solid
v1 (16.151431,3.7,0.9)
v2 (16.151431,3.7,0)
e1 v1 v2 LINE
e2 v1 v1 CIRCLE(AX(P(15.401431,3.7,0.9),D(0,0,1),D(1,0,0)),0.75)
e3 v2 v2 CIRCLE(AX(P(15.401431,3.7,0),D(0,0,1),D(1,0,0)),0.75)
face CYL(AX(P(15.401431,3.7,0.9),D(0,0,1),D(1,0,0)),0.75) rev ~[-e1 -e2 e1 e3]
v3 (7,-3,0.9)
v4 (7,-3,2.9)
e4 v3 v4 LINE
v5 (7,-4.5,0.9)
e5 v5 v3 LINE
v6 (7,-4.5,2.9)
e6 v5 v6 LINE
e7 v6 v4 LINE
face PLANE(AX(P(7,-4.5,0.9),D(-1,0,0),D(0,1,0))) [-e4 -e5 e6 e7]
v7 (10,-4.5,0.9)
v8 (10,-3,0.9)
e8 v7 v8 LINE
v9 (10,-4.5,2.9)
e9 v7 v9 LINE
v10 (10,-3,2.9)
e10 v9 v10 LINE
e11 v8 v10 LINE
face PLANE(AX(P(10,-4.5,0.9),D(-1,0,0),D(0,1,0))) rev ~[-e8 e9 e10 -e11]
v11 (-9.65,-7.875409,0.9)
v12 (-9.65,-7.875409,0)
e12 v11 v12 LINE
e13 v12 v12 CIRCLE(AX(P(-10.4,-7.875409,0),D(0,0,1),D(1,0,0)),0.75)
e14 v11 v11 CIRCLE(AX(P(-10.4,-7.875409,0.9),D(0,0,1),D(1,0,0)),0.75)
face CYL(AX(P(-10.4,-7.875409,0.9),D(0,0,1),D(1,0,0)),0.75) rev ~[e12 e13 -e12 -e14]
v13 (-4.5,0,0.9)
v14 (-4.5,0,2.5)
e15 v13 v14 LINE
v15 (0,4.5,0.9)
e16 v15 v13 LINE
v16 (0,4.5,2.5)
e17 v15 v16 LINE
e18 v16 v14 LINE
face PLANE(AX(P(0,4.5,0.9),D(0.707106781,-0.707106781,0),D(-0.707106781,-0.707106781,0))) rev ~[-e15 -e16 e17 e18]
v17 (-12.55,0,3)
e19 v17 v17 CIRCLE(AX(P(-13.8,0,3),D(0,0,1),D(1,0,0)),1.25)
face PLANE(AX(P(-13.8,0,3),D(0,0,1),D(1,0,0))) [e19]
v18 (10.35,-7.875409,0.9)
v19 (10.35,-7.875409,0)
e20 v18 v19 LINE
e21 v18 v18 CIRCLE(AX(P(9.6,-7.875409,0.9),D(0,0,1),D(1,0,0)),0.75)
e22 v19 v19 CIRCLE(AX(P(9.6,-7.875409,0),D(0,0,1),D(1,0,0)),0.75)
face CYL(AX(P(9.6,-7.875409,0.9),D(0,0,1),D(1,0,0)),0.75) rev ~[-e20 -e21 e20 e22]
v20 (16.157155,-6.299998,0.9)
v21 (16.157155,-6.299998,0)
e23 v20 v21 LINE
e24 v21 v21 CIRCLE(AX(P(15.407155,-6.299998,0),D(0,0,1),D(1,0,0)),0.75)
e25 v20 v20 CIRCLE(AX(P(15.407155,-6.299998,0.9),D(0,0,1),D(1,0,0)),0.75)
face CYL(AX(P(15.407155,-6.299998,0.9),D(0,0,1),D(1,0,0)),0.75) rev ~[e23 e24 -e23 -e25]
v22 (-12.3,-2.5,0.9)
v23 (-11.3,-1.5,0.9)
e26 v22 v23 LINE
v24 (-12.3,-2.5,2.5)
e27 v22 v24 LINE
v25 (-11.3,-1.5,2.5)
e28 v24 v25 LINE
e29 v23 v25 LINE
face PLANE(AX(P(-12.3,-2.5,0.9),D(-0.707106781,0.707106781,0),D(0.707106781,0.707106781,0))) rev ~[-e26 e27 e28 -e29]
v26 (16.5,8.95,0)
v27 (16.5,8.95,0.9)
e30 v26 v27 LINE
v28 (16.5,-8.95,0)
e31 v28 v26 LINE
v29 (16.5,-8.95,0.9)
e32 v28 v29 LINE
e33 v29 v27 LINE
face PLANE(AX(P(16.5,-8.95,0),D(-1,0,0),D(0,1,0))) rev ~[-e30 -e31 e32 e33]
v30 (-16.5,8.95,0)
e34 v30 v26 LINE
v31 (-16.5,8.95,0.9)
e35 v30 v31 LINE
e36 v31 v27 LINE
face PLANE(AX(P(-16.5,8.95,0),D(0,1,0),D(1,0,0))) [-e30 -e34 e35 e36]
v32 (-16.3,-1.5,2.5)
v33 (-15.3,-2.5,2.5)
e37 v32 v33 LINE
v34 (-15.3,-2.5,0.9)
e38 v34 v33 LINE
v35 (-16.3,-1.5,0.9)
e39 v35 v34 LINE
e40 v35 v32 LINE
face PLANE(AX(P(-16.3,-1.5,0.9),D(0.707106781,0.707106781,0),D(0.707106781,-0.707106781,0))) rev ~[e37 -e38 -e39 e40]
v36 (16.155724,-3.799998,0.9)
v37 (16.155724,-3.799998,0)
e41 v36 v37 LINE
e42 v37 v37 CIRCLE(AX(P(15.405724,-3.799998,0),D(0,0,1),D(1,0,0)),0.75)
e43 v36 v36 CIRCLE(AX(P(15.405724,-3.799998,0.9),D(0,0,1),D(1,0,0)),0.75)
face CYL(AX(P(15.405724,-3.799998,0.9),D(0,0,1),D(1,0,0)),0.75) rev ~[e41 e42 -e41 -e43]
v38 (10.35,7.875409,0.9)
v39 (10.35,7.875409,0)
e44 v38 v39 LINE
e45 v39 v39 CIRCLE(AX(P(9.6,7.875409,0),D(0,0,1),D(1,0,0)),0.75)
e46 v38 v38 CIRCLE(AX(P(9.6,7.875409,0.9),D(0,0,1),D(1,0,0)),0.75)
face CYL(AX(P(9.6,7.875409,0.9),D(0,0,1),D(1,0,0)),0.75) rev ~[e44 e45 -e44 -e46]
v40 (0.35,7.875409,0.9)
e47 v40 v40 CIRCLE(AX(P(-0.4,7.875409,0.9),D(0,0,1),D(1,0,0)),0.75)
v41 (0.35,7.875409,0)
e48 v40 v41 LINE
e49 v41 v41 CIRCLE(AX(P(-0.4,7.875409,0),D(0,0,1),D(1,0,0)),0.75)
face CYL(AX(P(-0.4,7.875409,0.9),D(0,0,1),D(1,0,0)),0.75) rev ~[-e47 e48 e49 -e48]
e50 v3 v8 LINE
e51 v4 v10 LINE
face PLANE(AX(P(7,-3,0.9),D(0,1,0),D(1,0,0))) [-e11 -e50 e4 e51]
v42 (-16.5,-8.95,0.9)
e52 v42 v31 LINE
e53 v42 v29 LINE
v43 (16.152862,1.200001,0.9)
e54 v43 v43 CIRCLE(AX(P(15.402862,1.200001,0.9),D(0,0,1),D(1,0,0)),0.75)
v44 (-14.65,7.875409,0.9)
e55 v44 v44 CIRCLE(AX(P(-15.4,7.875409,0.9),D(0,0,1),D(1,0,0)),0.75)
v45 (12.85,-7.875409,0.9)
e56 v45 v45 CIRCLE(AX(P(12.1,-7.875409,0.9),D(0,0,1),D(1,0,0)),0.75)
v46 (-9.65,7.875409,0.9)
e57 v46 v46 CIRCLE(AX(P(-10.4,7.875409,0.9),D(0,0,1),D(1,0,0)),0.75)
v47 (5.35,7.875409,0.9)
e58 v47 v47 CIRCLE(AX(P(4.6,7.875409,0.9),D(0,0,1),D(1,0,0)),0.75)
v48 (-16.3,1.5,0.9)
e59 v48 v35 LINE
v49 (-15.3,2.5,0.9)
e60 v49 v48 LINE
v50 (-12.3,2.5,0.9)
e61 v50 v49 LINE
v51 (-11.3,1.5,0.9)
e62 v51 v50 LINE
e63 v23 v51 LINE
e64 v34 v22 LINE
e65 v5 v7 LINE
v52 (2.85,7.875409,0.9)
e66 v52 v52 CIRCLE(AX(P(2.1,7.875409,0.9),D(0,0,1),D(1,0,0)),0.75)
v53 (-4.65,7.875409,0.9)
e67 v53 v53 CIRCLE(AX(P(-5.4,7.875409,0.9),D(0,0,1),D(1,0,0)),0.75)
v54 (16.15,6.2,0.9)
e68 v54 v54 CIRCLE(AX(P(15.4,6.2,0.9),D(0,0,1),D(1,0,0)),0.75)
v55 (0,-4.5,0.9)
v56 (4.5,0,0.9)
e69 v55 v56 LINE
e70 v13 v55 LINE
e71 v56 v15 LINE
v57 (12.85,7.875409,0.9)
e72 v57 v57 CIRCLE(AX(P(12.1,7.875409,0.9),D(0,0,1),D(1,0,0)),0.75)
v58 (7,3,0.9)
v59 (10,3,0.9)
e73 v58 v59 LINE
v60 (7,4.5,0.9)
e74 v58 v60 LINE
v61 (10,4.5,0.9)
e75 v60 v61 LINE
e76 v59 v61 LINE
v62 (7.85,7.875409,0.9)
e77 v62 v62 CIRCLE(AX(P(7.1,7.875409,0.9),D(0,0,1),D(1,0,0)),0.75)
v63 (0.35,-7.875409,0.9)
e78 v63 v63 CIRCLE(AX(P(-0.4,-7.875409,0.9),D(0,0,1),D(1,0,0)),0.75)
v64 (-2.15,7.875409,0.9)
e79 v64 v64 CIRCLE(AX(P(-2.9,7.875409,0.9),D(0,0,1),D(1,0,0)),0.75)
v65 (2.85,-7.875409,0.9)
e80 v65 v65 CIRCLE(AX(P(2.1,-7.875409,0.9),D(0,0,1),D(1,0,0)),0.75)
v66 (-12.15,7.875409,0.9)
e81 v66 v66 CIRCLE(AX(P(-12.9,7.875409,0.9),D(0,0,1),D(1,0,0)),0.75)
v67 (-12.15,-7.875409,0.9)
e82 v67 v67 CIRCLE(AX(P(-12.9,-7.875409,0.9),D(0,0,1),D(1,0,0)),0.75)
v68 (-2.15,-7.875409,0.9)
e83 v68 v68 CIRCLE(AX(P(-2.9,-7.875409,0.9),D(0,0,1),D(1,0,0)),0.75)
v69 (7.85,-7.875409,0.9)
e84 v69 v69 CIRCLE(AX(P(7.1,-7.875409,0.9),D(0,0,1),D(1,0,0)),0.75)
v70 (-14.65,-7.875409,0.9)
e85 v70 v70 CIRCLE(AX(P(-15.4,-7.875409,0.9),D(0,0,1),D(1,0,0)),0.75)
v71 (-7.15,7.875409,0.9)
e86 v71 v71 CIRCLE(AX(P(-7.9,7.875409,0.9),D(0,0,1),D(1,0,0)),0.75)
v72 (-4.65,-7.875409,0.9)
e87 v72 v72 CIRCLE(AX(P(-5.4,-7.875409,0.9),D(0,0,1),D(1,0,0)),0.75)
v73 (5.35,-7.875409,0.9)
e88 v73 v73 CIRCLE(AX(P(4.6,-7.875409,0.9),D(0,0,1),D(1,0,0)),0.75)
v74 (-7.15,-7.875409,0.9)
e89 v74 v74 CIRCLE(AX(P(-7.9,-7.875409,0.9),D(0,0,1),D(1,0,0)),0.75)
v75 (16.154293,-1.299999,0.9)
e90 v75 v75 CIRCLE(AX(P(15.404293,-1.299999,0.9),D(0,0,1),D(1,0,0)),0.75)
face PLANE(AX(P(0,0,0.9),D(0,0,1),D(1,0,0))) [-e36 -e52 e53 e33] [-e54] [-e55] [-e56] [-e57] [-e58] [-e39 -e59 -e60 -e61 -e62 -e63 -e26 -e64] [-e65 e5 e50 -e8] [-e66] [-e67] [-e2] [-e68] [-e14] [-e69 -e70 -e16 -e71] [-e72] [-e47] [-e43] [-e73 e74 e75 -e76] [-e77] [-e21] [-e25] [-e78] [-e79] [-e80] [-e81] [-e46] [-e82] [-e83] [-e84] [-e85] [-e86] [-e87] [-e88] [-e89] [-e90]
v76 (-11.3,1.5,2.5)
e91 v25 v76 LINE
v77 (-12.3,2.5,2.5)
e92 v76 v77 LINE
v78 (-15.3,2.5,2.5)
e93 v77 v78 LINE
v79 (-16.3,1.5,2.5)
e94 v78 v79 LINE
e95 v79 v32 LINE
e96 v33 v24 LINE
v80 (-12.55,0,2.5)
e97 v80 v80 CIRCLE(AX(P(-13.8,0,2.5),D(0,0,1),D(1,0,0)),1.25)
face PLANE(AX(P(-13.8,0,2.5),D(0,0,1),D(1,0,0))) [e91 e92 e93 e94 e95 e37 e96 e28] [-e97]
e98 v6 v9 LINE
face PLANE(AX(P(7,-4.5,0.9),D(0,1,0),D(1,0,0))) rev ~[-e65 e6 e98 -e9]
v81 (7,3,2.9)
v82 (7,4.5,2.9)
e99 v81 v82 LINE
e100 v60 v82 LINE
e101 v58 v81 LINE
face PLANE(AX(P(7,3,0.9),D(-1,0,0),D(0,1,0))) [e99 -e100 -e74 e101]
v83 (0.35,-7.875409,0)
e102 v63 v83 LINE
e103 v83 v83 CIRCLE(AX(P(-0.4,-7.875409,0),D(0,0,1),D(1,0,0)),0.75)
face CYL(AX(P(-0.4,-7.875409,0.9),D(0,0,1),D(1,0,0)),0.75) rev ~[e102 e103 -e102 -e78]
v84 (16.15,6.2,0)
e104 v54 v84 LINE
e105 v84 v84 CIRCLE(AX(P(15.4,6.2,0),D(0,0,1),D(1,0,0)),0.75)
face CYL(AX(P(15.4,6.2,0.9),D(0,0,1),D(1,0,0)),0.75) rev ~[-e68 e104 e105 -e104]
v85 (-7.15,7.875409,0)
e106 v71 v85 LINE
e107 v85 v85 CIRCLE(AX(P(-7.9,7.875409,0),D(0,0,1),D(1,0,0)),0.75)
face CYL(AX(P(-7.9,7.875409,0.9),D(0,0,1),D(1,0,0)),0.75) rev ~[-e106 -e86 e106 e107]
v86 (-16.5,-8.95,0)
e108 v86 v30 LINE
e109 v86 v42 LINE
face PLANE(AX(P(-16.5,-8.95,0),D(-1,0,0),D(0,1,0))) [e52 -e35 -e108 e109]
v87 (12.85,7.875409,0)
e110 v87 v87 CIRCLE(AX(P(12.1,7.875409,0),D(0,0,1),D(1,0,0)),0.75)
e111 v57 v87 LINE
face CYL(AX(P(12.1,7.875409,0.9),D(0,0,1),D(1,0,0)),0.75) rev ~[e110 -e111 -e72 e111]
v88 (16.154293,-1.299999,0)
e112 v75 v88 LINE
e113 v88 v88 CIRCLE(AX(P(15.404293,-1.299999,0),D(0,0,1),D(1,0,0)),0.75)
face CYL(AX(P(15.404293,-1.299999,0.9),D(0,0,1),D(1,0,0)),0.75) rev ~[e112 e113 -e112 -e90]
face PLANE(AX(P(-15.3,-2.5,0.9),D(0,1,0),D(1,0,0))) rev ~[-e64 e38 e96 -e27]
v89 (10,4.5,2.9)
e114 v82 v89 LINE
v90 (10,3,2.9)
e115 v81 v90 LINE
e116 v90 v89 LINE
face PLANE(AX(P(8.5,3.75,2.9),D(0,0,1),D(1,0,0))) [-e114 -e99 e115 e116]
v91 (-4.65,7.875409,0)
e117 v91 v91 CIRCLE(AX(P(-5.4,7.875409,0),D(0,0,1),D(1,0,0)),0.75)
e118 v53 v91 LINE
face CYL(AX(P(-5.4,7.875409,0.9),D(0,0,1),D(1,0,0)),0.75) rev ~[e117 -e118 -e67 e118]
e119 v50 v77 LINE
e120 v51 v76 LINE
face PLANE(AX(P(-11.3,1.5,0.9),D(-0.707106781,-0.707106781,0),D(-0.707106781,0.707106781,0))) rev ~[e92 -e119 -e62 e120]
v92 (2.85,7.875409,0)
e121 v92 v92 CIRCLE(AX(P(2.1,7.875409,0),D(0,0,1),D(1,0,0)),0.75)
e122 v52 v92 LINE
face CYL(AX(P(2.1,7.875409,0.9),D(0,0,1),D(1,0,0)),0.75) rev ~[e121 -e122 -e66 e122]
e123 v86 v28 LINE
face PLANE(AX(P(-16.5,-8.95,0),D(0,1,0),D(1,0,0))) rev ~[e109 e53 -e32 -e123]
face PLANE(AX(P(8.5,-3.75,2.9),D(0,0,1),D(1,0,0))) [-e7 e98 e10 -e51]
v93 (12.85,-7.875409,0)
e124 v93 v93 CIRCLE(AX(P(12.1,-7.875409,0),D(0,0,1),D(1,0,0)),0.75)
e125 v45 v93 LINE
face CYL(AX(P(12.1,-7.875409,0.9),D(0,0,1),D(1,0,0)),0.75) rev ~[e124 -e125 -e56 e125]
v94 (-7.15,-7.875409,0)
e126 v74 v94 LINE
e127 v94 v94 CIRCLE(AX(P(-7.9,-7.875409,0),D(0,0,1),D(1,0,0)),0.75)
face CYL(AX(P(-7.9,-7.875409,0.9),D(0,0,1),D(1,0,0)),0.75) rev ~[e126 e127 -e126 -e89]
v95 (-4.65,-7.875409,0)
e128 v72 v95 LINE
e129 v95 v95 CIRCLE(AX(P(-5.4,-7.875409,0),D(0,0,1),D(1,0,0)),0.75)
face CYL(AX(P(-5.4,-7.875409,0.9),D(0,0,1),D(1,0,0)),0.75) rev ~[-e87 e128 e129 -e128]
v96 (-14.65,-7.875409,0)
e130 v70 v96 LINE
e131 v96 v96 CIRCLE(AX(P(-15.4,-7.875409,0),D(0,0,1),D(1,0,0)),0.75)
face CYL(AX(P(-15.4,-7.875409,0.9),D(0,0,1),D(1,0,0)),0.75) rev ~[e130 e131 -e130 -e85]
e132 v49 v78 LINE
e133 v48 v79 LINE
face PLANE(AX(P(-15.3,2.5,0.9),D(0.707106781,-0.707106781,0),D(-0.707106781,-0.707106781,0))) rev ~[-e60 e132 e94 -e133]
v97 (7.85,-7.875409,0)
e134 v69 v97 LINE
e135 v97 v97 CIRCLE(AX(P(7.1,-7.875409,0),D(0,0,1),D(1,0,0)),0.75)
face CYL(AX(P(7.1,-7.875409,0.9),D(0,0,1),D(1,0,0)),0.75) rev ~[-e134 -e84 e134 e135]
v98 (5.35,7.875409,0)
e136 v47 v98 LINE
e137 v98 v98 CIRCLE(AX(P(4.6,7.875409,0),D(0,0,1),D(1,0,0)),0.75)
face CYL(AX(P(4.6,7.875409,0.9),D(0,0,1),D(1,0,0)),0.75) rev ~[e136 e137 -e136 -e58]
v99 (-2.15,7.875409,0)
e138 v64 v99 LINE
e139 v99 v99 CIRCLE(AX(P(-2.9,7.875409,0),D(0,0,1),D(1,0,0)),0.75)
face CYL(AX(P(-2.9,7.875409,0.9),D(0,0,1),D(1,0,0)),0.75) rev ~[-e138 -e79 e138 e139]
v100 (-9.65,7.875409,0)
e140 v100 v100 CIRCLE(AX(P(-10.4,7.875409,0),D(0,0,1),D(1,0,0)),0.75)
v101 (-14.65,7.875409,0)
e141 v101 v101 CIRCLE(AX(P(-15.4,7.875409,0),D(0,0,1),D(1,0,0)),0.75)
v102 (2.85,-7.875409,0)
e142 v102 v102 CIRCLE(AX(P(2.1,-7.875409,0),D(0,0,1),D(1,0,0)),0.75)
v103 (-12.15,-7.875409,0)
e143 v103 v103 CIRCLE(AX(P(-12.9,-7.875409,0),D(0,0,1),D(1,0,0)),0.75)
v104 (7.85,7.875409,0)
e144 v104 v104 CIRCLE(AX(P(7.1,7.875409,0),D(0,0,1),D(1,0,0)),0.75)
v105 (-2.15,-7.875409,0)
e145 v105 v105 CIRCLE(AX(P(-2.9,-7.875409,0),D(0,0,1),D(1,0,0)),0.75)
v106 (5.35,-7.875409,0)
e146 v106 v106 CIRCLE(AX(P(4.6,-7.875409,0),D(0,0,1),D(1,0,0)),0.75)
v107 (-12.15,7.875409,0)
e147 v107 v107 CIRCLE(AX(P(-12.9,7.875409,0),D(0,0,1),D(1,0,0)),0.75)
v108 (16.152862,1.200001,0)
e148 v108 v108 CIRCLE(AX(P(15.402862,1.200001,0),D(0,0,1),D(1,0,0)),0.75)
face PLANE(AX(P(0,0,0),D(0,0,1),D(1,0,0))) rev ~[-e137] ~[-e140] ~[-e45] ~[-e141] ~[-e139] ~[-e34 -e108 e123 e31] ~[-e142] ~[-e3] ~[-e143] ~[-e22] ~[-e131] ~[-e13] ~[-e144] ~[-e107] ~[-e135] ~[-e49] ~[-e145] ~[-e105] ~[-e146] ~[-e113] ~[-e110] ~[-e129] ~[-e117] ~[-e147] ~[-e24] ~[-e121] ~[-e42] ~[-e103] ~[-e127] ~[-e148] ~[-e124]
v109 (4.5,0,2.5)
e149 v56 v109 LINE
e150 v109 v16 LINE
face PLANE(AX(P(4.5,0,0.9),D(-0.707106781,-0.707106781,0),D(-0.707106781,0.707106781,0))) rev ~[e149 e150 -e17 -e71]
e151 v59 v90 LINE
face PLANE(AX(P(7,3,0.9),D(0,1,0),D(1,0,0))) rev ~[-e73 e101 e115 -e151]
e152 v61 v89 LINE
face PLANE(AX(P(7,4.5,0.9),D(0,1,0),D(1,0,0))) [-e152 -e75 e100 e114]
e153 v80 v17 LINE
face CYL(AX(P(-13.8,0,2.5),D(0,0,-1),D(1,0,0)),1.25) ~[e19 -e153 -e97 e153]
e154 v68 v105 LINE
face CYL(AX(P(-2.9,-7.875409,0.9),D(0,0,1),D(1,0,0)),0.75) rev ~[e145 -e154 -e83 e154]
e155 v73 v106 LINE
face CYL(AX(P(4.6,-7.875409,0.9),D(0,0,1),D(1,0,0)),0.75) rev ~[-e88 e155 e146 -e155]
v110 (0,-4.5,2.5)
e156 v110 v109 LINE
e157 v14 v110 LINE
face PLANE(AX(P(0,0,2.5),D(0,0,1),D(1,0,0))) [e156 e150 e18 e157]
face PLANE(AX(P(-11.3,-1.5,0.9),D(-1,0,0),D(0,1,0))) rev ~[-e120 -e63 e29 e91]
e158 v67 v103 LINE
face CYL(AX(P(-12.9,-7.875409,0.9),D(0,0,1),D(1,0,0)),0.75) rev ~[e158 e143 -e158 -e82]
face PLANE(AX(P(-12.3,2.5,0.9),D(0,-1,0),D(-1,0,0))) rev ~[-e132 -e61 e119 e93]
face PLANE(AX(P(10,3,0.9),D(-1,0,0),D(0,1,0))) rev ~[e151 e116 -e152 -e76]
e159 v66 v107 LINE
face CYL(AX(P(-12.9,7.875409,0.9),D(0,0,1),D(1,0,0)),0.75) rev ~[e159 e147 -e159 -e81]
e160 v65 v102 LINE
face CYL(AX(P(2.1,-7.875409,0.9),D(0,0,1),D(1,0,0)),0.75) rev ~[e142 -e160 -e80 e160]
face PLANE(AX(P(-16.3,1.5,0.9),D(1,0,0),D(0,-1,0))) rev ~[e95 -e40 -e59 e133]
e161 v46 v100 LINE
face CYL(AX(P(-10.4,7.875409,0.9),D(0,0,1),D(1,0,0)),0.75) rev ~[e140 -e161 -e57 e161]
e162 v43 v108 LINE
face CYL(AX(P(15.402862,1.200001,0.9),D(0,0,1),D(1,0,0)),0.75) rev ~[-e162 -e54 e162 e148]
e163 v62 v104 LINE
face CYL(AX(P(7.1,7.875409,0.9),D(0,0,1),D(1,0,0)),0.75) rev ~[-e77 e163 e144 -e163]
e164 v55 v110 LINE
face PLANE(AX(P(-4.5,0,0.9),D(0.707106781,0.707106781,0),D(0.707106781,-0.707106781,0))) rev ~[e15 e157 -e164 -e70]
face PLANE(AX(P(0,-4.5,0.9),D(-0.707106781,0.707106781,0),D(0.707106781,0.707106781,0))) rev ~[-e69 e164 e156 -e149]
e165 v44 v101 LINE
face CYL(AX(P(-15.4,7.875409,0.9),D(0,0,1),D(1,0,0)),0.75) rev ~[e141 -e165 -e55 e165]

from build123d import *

# Parameters (mm, degrees)
F0_W      = 33
F0_H      = 17.9
F1_DEPTH  = 0.9
F3_DEPTH  = 1.6
F5_DEPTH  = 1.6
F6_R      = 1.25
F7_DEPTH  = 0.5
F8_R      = 0.75
F9_DEPTH  = 25
F10_W     = 3
F10_H     = 1.5
F11_DEPTH = 2


with BuildPart() as f1:
    # F0 (on Top) → F1 (new body)
    with BuildSketch(Plane.XY):
        Rectangle(F0_W, F0_H)
    extrude(amount=F1_DEPTH)

    # F2 (on face) → F3 (join)
    with BuildSketch(Plane.XY.offset(0.9)):
        Polygon((4.5, 0), (0, 4.5), (-4.5, 0), (0, -4.5), align=None)
    extrude(amount=F3_DEPTH)

    # F4 (on face) → F5 (join)
    with BuildSketch(Plane.XY.offset(0.9)):
        Polygon((-12.3, 2.5), (-15.3, 2.5), (-16.3, 1.5), (-16.3, -1.5), (-15.3, -2.5), (-12.3, -2.5), (-11.3, -1.5), (-11.3, 1.5), align=None)
    extrude(amount=F5_DEPTH)

    # F6 (on face) → F7 (join)
    with BuildSketch(Plane.XY.offset(2.5)):
        with Locations((-13.8, 0)):
            Circle(F6_R)
    extrude(amount=F7_DEPTH)

    # F8 (on face) → F9 (cut)
    with BuildSketch(Plane.XY.offset(0.9)):
        with Locations((-15.4, 7.875409)):
            Circle(F8_R)
        with Locations((-12.9, 7.875409)):
            Circle(F8_R)
        with Locations((-10.4, 7.875409)):
            Circle(F8_R)
        with Locations((-7.9, 7.875409)):
            Circle(F8_R)
        with Locations((-5.4, 7.875409)):
            Circle(F8_R)
        with Locations((-2.9, 7.875409)):
            Circle(F8_R)
        with Locations((-0.4, 7.875409)):
            Circle(F8_R)
        with Locations((2.1, 7.875409)):
            Circle(F8_R)
        with Locations((4.6, 7.875409)):
            Circle(F8_R)
        with Locations((7.1, 7.875409)):
            Circle(F8_R)
        with Locations((9.6, 7.875409)):
            Circle(F8_R)
        with Locations((12.1, 7.875409)):
            Circle(F8_R)
        with Locations((-12.9, -7.875409)):
            Circle(F8_R)
        with Locations((-5.4, -7.875409)):
            Circle(F8_R)
        with Locations((-15.4, -7.875409)):
            Circle(F8_R)
        with Locations((-10.4, -7.875409)):
            Circle(F8_R)
        with Locations((-7.9, -7.875409)):
            Circle(F8_R)
        with Locations((12.1, -7.875409)):
            Circle(F8_R)
        with Locations((-2.9, -7.875409)):
            Circle(F8_R)
        with Locations((-0.4, -7.875409)):
            Circle(F8_R)
        with Locations((2.1, -7.875409)):
            Circle(F8_R)
        with Locations((4.6, -7.875409)):
            Circle(F8_R)
        with Locations((7.1, -7.875409)):
            Circle(F8_R)
        with Locations((9.6, -7.875409)):
            Circle(F8_R)
        with Locations((15.4, 6.2)):
            Circle(F8_R)
        with Locations((15.401431, 3.7)):
            Circle(F8_R)
        with Locations((15.402862, 1.200001)):
            Circle(F8_R)
        with Locations((15.404293, -1.299999)):
            Circle(F8_R)
        with Locations((15.405724, -3.799998)):
            Circle(F8_R)
        with Locations((15.407155, -6.299998)):
            Circle(F8_R)
    extrude(amount=-F9_DEPTH, mode=Mode.SUBTRACT)

    # F10 (on face) → F11 (join)
    with BuildSketch(Plane.XY.offset(0.9)):
        with Locations((8.5, 3.75)):
            Rectangle(F10_W, F10_H)
        with Locations((8.5, -3.75)):
            Rectangle(F10_W, F10_H)
    extrude(amount=F11_DEPTH)


solid = f1.part
